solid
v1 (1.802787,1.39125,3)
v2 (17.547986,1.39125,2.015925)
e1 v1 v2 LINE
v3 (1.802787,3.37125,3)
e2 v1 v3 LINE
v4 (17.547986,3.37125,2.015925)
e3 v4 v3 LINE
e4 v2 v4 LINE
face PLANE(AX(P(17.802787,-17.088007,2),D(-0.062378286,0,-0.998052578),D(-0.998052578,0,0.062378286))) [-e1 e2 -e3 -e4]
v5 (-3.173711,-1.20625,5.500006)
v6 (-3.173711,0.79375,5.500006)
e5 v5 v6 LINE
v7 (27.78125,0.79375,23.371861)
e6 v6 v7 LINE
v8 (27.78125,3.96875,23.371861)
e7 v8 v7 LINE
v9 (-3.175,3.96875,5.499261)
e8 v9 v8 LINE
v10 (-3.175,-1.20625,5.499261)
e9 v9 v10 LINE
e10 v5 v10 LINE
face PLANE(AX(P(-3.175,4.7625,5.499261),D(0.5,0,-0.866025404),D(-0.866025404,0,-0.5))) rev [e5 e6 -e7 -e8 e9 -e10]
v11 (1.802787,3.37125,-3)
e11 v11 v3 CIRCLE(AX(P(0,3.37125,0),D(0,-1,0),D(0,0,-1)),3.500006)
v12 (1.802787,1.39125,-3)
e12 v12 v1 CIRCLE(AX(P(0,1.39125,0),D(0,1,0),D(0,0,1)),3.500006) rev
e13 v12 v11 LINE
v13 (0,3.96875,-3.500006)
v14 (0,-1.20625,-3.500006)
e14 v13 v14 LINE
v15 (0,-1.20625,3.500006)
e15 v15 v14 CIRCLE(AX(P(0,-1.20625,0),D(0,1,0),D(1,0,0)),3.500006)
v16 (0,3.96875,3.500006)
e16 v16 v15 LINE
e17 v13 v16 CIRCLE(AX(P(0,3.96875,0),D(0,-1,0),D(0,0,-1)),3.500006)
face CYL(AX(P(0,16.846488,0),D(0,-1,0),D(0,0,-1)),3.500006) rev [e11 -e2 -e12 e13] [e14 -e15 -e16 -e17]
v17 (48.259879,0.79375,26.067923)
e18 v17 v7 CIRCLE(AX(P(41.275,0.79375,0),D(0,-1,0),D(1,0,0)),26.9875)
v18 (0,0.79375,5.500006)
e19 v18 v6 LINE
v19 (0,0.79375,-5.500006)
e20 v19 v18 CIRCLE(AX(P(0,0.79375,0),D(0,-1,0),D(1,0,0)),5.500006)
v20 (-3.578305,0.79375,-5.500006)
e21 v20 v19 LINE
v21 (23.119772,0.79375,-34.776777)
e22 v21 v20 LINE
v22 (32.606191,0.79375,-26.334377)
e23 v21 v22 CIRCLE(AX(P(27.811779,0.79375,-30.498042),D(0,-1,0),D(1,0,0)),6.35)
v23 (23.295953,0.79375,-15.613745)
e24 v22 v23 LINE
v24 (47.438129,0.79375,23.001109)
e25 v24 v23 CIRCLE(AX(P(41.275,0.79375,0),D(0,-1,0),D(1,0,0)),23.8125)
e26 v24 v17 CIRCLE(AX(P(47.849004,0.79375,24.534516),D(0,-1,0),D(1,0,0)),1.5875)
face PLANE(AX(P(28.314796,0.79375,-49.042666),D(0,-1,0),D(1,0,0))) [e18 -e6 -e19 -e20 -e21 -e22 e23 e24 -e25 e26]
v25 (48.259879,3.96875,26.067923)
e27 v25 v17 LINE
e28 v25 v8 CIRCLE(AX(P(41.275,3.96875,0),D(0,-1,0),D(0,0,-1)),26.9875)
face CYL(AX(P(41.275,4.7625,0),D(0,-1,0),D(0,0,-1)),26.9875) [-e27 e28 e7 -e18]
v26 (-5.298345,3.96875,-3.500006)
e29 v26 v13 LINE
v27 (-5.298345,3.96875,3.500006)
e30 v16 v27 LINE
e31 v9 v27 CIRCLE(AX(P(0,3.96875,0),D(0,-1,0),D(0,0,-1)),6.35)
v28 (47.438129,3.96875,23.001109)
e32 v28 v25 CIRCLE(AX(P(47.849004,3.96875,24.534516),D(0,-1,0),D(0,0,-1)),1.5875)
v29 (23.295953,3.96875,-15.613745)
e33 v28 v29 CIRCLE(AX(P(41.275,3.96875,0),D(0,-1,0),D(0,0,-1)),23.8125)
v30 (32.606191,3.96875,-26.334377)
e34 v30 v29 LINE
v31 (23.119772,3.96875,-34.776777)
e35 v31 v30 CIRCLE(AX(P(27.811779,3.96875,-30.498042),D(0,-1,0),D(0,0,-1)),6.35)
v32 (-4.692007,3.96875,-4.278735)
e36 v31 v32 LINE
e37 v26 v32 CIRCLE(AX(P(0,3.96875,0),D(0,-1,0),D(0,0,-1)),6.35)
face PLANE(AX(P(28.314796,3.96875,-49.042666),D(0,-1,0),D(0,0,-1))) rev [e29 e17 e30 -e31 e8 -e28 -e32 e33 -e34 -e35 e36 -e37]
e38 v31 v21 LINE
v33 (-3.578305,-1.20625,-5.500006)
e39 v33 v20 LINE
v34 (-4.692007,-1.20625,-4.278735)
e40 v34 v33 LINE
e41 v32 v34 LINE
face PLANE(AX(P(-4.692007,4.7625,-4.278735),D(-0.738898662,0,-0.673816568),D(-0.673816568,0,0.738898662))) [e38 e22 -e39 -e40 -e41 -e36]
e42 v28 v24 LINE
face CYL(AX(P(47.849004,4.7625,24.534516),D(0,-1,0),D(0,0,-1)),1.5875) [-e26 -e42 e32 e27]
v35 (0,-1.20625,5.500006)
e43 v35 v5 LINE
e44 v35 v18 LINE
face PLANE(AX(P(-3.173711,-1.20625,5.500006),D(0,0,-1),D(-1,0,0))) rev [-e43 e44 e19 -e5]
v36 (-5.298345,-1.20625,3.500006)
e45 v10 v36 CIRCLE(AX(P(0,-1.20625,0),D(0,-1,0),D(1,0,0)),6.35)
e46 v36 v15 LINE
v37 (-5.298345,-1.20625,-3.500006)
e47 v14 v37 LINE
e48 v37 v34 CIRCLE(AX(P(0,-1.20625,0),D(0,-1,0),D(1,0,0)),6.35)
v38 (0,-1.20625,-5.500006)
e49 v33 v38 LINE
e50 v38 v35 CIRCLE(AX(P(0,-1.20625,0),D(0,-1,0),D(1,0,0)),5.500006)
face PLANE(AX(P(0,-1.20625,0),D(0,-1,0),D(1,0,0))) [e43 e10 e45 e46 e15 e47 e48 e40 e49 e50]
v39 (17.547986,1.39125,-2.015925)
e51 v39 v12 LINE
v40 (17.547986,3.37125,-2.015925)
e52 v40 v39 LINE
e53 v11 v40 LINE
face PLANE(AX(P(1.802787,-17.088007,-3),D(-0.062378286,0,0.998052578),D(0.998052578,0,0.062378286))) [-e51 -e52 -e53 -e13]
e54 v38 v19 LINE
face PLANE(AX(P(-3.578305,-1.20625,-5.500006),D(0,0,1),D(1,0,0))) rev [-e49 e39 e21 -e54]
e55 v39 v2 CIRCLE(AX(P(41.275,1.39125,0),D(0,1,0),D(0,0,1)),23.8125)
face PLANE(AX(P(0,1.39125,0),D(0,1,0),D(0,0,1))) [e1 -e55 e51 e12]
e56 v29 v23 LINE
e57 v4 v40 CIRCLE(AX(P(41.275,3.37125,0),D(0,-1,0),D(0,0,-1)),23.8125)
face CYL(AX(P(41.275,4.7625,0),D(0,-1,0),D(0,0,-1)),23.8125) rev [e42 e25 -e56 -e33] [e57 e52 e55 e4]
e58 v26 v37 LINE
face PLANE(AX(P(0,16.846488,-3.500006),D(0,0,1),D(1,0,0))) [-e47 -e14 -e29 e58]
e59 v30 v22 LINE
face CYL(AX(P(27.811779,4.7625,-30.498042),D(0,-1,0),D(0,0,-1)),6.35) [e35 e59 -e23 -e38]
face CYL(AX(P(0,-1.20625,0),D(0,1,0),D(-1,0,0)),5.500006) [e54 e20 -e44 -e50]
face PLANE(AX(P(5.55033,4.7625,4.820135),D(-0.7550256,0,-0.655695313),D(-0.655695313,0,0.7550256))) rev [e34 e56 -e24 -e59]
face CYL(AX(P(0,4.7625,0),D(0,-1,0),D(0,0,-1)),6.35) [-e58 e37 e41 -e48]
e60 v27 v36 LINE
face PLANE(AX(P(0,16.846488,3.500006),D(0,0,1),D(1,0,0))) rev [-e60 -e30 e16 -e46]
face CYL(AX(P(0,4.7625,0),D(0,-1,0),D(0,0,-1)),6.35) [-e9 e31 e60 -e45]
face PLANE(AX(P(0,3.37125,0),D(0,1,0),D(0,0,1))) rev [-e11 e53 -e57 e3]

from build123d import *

# Parameters (mm, degrees)
BOSS_EXTRUDE1_DEPTH = 4.7625
SKETCH5_R           = 3.5000057
CUT_EXTRUDE2_DEPTH  = 3.37125
CUT_EXTRUDE3_DEPTH  = 1.98
SKETCH10_W          = 6.35
SKETCH10_H          = 0.79375
SKETCH10_W_2        = 35.745198541
SKETCH10_W_3        = 19.548012242
CUT_EXTRUDE4_DEPTH  = 63.97959256
CUT_EXTRUDE5_DEPTH  = 2.54
BOSS_EXTRUDE2_DEPTH = 2


with BuildPart() as part:
    # Sketch1 → Boss-Extrude1 (new body)
    with BuildSketch(Plane(origin=(0, 0, 0), x_dir=(1, 0, 0), z_dir=(0, 1, 0))):
        with BuildLine():
            ThreePointArc((47.438128512, -23.001108739), (21.083895316, -12.623567162), (23.295952901, 15.613744639))
            Line((23.295952901, 15.613744639), (32.606191406, 26.334377035))
            ThreePointArc((32.606191406, 26.334377035), (32.033289602, 35.241600739), (23.119772343, 34.776777479))
            Line((23.119772343, 34.776777479), (-4.692006503, 4.278735207))
            ThreePointArc((-4.692006503, 4.278735207), (-6.274930424, -0.973523588), (-3.175, -5.499261314))
            Line((-3.175, -5.499261314), (27.78125, -23.371860585))
            ThreePointArc((27.78125, -23.371860585), (37.752424387, -26.756618196), (48.25987898, -26.067923237))
            ThreePointArc((48.25987898, -26.067923237), (49.382410995, -24.123640754), (47.438128512, -23.001108739))
        make_face()
    extrude(amount=BOSS_EXTRUDE1_DEPTH)

    # Sketch5 → Cut-Extrude2 (cut)
    with BuildSketch(Plane.XZ):
        Circle(SKETCH5_R)
        with BuildLine():
            ThreePointArc((0, -3.5000057), (-3.5000057, 0), (0, 3.5000057))
            Line((0, 3.5000057), (-5.298345034, 3.5000057))
            ThreePointArc((-5.298345034, 3.5000057), (-6.35, 0), (-5.298345034, -3.5000057))
            Line((-5.298345034, -3.5000057), (0, -3.5000057))
        make_face()
    extrude(amount=-CUT_EXTRUDE2_DEPTH, mode=Mode.SUBTRACT)

    # Sketch6 → Cut-Extrude3 (cut)
    with BuildSketch(Plane.XZ.offset(-3.37125)):
        with BuildLine():
            Line((17.802786704, -2), (17.802786704, 2))
            Line((17.802786704, 2), (1.802786704, 3))
            ThreePointArc((1.802786704, 3), (3.5000057, 0), (1.802786704, -3))
            Line((1.802786704, -3), (17.802786704, -2))
        make_face()
    extrude(amount=CUT_EXTRUDE3_DEPTH, mode=Mode.SUBTRACT)

    # Sketch10 → Cut-Extrude4 (cut, through all)
    with BuildSketch(Plane(origin=(-3.175, 0, 5.499261314), x_dir=(0.866025404, 0, 0.5), z_dir=(-0.5, 0, 0.866025404))):
        with Locations((-3.175, 4.365625)):
            Rectangle(SKETCH10_W, SKETCH10_H)
        with Locations((17.872599271, 4.365625)):
            Rectangle(SKETCH10_W_2, SKETCH10_H)
        with Locations((45.519204662, 4.365625)):
            Rectangle(SKETCH10_W_3, SKETCH10_H)
        with Locations((45.519204662, 0.396875)):
            Rectangle(SKETCH10_W_3, SKETCH10_H)
        with Locations((17.872599271, 0.396875)):
            Rectangle(SKETCH10_W_2, SKETCH10_H)
        with Locations((-3.175, 0.396875)):
            Rectangle(SKETCH10_W, SKETCH10_H)
    extrude(amount=-CUT_EXTRUDE4_DEPTH, mode=Mode.SUBTRACT)

    # Sketch11 → Cut-Extrude5 (cut)
    with BuildSketch(Plane.XZ.offset(-3.37125)):
        with BuildLine():
            Line((-5.298345034, 3.5000057), (0, 3.5000057))
            ThreePointArc((0, 3.5000057), (3.5000057, 0), (0, -3.5000057))
            Line((0, -3.5000057), (-5.298345034, -3.5000057))
            ThreePointArc((-5.298345034, -3.5000057), (-6.35, 0), (-5.298345034, 3.5000057))
        make_face()
    extrude(amount=-CUT_EXTRUDE5_DEPTH, mode=Mode.SUBTRACT)

    # Sketch12 → Boss-Extrude2 (add)
    with BuildSketch(Plane.XZ.offset(-0.79375)):
        with BuildLine():
            Line((-3.175, 5.499261314), (-3.173710686, 5.5000057))
            Line((-3.173710686, 5.5000057), (0, 5.5000057))
            ThreePointArc((0, 5.5000057), (5.5000057, 0), (0, -5.5000057))
            Line((0, -5.5000057), (-3.57830535, -5.5000057))
            Line((-3.57830535, -5.5000057), (-4.692006503, -4.278735207))
            ThreePointArc((-4.692006503, -4.278735207), (-5.010327921, -3.901168303), (-5.298345034, -3.5000057))
            Line((-5.298345034, -3.5000057), (0, -3.5000057))
            ThreePointArc((0, -3.5000057), (3.5000057, 0), (0, 3.5000057))
            Line((0, 3.5000057), (-5.298345034, 3.5000057))
            ThreePointArc((-5.298345034, 3.5000057), (-4.353004683, 4.623186156), (-3.175, 5.499261314))
        make_face()
    extrude(amount=BOSS_EXTRUDE2_DEPTH)


solid = part.part
